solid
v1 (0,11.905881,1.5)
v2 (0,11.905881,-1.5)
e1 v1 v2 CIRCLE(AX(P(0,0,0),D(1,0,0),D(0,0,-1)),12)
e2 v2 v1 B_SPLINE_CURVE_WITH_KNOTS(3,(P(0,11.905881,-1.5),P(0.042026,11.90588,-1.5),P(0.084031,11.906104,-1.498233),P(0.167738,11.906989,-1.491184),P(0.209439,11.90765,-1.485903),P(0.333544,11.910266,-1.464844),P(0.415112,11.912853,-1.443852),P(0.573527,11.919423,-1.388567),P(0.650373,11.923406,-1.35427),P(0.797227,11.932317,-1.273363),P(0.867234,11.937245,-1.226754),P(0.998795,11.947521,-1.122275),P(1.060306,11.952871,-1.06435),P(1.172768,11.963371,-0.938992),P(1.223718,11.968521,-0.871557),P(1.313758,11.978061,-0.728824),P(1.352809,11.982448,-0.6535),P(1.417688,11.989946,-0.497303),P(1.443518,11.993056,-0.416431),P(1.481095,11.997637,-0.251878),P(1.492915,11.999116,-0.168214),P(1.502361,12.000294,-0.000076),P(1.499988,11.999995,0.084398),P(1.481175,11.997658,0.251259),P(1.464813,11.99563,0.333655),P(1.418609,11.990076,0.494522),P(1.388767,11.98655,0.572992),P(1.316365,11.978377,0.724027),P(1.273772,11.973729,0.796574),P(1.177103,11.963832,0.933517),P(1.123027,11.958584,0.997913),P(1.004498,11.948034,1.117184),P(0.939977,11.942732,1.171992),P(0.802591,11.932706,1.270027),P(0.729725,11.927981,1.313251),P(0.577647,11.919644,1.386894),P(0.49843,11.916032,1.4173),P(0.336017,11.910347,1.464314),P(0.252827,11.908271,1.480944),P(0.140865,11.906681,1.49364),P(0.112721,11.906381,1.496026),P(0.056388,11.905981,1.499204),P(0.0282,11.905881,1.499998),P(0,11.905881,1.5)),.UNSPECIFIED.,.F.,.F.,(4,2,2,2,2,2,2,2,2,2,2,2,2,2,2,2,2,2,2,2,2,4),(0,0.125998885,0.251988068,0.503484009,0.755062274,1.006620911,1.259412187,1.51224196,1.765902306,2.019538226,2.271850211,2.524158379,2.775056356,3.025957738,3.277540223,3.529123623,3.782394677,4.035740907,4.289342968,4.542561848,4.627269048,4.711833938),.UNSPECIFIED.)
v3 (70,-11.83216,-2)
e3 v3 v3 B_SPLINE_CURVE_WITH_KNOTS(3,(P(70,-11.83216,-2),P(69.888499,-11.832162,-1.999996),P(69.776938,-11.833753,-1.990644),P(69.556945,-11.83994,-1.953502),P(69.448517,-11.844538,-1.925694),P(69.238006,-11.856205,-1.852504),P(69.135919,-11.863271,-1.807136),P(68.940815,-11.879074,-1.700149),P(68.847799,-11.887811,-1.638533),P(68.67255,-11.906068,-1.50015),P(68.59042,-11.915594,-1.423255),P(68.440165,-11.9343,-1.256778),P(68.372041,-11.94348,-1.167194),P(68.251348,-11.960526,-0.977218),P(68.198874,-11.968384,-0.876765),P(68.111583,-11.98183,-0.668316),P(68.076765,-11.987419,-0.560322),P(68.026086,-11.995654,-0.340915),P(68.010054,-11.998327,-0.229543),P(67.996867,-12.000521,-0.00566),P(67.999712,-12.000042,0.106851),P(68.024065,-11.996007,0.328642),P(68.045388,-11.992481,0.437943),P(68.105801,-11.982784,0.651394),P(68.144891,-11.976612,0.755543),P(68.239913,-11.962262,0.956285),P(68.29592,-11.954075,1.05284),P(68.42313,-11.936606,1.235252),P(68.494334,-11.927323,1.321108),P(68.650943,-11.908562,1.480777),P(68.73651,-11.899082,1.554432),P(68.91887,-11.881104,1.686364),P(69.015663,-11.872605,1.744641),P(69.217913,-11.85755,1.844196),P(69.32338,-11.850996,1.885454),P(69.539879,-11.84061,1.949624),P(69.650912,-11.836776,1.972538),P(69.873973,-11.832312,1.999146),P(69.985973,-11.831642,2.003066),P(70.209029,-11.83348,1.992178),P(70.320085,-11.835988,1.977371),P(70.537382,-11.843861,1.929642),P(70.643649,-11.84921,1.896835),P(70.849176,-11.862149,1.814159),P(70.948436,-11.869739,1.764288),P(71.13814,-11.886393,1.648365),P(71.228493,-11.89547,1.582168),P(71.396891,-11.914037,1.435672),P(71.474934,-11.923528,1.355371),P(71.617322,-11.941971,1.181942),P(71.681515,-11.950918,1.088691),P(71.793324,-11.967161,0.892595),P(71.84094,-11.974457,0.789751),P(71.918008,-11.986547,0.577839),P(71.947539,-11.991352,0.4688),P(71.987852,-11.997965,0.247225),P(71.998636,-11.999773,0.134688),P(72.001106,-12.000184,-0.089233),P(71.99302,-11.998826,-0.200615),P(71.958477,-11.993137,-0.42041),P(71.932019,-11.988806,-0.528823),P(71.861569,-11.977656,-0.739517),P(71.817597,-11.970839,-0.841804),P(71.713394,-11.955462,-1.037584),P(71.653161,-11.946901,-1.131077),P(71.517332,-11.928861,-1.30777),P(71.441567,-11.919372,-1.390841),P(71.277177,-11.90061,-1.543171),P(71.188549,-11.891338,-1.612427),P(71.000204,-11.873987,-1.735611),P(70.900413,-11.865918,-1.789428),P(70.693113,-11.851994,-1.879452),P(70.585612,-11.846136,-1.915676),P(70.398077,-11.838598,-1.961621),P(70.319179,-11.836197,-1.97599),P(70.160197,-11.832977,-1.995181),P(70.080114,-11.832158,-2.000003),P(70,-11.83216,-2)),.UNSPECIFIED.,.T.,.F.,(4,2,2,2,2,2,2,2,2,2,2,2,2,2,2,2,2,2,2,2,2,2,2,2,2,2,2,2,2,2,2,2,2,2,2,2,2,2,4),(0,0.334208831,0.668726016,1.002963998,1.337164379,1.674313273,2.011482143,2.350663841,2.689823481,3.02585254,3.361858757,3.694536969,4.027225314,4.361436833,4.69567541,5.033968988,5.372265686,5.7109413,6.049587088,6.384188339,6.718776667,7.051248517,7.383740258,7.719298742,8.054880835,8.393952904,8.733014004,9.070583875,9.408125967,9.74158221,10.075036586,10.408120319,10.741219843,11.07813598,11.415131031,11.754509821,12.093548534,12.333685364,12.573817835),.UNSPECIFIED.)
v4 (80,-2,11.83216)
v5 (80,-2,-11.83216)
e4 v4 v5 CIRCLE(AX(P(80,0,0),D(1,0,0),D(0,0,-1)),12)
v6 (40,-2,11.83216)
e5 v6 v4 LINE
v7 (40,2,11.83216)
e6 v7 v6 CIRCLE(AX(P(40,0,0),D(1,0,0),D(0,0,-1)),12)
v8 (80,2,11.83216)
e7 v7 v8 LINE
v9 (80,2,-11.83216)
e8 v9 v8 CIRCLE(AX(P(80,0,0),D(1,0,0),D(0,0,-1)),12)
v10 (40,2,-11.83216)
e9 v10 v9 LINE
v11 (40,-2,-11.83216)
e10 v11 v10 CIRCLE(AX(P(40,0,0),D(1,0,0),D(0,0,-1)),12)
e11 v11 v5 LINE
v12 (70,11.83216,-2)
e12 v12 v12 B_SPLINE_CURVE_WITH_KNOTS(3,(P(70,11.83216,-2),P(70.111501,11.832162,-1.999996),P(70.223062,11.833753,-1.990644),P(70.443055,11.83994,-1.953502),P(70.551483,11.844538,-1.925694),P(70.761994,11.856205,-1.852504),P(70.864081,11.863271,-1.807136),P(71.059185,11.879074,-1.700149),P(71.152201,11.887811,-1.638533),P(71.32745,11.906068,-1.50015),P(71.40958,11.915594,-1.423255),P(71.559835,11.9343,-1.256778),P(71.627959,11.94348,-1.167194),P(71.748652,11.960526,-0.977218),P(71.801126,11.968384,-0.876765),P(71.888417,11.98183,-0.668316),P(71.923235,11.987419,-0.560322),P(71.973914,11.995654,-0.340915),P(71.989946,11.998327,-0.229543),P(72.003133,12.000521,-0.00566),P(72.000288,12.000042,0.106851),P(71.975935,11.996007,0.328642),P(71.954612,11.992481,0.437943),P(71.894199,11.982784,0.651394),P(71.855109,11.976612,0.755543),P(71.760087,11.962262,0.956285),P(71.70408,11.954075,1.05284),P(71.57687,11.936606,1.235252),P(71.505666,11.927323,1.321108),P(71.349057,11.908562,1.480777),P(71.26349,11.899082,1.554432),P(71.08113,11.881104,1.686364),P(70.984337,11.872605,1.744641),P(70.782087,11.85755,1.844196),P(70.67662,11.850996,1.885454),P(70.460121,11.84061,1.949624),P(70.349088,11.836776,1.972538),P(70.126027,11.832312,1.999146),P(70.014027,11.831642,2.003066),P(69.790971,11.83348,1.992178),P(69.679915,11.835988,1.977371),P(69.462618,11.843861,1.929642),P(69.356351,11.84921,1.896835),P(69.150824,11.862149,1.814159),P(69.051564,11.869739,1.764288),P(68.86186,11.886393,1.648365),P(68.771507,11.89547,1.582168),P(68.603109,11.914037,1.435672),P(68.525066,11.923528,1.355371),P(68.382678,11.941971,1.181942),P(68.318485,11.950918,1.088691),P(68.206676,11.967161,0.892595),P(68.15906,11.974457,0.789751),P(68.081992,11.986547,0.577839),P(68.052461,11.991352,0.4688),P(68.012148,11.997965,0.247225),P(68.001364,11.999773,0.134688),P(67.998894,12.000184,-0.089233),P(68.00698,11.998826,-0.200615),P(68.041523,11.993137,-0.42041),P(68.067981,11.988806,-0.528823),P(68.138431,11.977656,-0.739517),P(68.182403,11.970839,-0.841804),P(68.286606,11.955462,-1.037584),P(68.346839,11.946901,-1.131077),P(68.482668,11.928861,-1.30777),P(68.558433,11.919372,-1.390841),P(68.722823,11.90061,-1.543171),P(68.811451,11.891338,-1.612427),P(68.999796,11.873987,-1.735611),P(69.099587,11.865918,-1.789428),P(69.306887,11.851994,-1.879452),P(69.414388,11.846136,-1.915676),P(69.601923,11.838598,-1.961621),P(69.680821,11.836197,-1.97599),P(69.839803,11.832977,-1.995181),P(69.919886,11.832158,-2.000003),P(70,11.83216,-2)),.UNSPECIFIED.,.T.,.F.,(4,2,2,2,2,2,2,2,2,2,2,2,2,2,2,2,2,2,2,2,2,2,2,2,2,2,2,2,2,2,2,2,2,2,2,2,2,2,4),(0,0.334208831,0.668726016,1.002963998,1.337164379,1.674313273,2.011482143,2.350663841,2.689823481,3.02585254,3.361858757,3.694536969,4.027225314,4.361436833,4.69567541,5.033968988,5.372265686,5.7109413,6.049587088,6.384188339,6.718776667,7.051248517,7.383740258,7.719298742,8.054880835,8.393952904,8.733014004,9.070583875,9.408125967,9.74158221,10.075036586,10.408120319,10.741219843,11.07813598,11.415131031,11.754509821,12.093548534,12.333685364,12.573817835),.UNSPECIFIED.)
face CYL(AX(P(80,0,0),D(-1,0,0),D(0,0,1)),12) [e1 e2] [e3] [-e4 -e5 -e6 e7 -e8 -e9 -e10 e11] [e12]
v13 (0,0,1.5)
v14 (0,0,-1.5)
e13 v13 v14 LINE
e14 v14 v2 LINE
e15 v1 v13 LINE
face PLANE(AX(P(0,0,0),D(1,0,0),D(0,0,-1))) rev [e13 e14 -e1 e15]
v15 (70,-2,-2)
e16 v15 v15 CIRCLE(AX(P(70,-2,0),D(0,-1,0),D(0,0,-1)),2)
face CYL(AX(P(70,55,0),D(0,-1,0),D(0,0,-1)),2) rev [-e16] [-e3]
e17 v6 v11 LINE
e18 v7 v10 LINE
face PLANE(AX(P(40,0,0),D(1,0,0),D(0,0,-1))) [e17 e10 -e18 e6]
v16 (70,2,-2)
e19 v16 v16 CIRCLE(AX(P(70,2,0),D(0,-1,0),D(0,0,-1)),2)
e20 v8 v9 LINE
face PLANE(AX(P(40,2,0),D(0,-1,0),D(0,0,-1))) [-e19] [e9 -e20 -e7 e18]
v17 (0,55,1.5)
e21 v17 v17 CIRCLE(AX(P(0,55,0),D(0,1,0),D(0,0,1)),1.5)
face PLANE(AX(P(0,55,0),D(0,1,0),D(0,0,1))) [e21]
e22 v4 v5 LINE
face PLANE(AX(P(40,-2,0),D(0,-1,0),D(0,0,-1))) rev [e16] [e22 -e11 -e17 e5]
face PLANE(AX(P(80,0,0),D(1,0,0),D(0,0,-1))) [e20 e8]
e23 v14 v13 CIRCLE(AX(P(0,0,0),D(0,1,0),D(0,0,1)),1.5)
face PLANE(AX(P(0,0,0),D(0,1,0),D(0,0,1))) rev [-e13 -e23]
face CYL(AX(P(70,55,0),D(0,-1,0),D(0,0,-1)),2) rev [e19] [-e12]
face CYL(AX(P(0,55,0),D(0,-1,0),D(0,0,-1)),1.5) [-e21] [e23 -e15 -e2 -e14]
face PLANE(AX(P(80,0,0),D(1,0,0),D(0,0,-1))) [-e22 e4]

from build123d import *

# Parameters (mm, degrees)
SKETCH_1_R               = 1.5
EXTRUDE_1_DEPTH          = 55
SKETCH_2_R               = 12
EXTRUDE_2_DEPTH          = 80
CUT_EXTRUDE_START        = -40
CUT_EXTRUDE_1_DEPTH      = 40
CUT_EXTRUDE_2_DEPTH      = 97.710909566
CUT_EXTRUDE_2_DEPTH_BACK = 97.710909566
SKETCH_5_R               = 2


with BuildPart() as part:
    # 草图1 → 凸台-拉伸1 (new body)
    with BuildSketch(Plane(origin=(0, 0, 0), x_dir=(1, 0, 0), z_dir=(0, 1, 0))):
        with Locations(Location((0, 0, 0), (0, 0, 270))):
            Circle(SKETCH_1_R)
    extrude(amount=EXTRUDE_1_DEPTH)

    # 草图2 → 凸台-拉伸2 (add)
    with BuildSketch(Plane(origin=(0, 0, 0), x_dir=(0, 0, -1), z_dir=(1, 0, 0))):
        with Locations(Location((0, 0, 0), (0, 0, 97.180755781))):
            Circle(SKETCH_2_R)
    extrude(amount=EXTRUDE_2_DEPTH)

    # 草图4 → 切除-拉伸1 (cut)
    with BuildSketch(Plane(origin=(80, 0, 0), x_dir=(0, 0, -1), z_dir=(1, 0, 0)).offset(CUT_EXTRUDE_START)):
        with BuildLine():
            Line((-11.832159566, -2), (-10.908712115, -2))
            Line((-10.908712115, -2), (10.908712115, -2))
            Line((10.908712115, -2), (11.832159566, -2))
            ThreePointArc((11.832159566, -2), (11.957966273, -1.003515123), (12, 0))
            ThreePointArc((12, 0), (11.957966273, 1.003515123), (11.832159566, 2))
            Line((11.832159566, 2), (-6.712374636, 2))
            Line((-6.712374636, 2), (-11.832159566, 2))
            ThreePointArc((-11.832159566, 2), (-12, 0), (-11.832159566, -2))
        make_face()
    extrude(amount=CUT_EXTRUDE_1_DEPTH, mode=Mode.SUBTRACT)

    # 草图5 → 切除-拉伸2 (cut, two sides: drawn at the far end of the back side and taken through both)
    with BuildSketch(Plane.XZ.offset(-2).offset(-CUT_EXTRUDE_2_DEPTH_BACK)):
        with Locations(Location((70, 0, 0), (0, 0, 270))):
            Circle(SKETCH_5_R)
    extrude(amount=CUT_EXTRUDE_2_DEPTH + CUT_EXTRUDE_2_DEPTH_BACK, mode=Mode.SUBTRACT)


solid = part.part
